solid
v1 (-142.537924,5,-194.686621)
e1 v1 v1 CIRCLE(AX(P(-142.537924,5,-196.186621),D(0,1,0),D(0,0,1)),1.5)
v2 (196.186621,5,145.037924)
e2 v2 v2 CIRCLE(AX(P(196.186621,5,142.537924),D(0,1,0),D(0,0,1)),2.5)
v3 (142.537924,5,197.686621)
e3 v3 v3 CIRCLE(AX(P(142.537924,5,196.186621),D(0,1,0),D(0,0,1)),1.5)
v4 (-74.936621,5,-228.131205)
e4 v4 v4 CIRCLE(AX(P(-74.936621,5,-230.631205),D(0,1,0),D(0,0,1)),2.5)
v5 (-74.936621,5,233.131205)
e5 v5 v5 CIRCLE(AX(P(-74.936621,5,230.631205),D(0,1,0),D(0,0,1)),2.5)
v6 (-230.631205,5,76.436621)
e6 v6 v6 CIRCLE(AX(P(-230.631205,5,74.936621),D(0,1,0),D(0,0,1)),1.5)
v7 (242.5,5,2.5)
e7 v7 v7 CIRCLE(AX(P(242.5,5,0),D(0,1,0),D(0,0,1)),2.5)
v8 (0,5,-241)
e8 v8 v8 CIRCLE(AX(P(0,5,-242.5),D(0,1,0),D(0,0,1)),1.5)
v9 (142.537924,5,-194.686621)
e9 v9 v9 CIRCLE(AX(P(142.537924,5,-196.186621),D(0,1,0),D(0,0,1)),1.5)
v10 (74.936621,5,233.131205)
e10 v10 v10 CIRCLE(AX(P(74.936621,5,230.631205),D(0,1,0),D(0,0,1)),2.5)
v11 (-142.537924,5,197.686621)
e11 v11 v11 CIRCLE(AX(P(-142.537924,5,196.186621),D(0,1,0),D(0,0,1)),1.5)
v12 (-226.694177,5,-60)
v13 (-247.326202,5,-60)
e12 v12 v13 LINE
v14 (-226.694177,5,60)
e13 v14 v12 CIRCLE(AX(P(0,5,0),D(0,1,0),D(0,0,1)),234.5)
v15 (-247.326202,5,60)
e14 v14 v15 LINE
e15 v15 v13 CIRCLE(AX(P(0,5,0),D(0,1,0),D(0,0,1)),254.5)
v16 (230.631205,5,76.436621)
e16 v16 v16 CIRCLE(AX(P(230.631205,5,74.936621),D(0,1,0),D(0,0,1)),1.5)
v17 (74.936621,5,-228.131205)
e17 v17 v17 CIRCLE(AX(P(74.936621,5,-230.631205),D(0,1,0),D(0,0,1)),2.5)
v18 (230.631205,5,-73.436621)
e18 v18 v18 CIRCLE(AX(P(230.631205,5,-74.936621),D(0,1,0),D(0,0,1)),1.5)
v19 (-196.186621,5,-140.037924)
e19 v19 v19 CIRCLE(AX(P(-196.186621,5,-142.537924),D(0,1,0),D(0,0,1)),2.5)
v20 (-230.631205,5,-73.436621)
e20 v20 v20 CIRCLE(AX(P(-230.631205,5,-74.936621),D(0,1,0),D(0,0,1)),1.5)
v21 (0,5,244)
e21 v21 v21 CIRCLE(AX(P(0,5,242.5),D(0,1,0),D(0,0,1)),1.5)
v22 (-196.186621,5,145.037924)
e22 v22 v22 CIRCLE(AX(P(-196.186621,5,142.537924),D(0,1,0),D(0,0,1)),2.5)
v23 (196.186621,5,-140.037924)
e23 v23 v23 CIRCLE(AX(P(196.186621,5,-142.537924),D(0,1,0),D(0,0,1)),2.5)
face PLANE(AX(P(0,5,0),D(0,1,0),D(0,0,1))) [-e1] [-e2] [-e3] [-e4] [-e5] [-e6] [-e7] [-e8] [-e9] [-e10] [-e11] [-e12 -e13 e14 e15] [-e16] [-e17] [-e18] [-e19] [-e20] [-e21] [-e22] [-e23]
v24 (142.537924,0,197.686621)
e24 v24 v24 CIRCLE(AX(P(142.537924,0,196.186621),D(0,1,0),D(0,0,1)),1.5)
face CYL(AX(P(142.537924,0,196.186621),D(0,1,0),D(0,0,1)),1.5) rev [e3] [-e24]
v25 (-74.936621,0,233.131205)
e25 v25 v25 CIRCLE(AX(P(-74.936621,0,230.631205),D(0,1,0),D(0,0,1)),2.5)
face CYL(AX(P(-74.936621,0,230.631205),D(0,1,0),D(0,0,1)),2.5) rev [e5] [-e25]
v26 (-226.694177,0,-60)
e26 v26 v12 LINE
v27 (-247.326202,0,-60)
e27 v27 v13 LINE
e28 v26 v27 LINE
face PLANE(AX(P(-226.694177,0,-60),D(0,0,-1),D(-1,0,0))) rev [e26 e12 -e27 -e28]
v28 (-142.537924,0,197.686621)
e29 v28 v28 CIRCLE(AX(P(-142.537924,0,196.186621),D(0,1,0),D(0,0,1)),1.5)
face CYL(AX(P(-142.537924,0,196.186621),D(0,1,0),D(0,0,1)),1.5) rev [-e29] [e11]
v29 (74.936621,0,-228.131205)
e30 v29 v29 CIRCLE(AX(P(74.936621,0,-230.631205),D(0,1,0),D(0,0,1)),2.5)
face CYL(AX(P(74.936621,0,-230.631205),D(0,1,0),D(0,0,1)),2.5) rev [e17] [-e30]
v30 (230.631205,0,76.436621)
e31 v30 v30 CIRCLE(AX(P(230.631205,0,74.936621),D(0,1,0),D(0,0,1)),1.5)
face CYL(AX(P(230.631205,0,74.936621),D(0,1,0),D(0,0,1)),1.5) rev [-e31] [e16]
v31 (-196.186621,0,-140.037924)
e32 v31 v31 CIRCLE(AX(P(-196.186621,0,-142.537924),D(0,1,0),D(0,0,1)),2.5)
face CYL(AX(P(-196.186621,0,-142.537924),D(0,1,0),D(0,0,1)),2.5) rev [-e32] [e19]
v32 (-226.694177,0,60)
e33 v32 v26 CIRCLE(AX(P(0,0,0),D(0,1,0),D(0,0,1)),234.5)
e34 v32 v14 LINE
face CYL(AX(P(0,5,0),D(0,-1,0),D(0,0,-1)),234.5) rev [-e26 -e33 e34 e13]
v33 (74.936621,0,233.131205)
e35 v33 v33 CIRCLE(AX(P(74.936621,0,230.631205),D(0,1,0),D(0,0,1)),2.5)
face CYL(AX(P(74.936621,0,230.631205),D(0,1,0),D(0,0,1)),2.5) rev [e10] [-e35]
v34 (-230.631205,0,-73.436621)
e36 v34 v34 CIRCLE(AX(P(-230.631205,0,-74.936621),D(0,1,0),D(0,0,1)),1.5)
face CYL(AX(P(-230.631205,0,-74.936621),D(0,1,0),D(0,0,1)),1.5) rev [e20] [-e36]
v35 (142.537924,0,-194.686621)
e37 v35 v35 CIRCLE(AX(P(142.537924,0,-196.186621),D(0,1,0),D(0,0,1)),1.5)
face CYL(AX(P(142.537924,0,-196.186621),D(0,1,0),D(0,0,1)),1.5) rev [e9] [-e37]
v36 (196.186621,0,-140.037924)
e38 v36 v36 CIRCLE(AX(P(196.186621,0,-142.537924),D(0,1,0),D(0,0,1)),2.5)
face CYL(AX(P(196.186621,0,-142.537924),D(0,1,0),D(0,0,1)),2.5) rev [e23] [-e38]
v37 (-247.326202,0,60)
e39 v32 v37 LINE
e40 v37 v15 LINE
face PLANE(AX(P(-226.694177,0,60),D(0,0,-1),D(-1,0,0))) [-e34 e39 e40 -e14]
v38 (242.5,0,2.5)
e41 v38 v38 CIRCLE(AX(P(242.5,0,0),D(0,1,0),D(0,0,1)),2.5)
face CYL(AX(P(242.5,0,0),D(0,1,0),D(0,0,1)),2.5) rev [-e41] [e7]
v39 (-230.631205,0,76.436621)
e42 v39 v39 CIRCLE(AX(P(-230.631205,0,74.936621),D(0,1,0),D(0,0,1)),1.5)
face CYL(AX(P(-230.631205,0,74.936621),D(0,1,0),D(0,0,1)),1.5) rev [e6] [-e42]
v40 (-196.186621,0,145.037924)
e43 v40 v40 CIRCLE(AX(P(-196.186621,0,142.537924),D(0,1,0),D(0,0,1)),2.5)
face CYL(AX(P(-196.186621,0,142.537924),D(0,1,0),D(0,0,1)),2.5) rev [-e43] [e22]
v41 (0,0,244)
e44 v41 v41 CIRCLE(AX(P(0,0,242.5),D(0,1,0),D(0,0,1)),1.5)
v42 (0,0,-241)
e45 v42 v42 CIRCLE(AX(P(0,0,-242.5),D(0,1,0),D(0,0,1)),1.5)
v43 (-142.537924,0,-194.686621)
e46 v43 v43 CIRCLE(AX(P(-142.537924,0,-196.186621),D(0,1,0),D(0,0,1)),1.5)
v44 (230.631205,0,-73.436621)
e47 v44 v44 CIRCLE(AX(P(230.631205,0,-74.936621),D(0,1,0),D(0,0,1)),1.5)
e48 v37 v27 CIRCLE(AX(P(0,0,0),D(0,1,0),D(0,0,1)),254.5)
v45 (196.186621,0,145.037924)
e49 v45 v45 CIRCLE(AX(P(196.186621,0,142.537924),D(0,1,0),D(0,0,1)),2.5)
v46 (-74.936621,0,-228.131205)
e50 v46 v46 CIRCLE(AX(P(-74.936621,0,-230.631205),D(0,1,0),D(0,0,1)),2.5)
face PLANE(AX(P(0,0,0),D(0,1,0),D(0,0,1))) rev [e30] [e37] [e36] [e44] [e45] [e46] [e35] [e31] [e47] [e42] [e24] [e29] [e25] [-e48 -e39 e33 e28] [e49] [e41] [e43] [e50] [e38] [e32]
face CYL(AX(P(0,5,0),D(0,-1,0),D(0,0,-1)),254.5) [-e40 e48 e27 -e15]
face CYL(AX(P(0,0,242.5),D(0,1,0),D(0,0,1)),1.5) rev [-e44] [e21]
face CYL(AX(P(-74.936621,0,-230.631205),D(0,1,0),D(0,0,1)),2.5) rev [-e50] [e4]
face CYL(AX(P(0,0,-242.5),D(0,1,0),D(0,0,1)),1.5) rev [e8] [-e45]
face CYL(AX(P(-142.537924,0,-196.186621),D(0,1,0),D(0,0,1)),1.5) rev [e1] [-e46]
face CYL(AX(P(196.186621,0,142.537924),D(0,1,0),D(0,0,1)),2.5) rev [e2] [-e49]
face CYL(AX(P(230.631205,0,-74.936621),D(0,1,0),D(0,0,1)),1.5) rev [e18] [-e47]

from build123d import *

# Parameters (mm, degrees)
SKETCH1_R           = 254.5
SKETCH1_R_2         = 234.5
BOSS_EXTRUDE1_DEPTH = 5
SKETCH2_W           = 27.805822748
SKETCH2_H           = 60
CUT_EXTRUDE1_DEPTH  = 5
SKETCH3_R           = 2.5
CUT_EXTRUDE2_DEPTH  = 5
SKETCH4_R           = 1.5
CUT_EXTRUDE3_DEPTH  = 5


with BuildPart() as part:
    # Sketch1 → Boss-Extrude1 (new body)
    with BuildSketch(Plane(origin=(0, 0, 0), x_dir=(1, 0, 0), z_dir=(0, 1, 0))):
        with Locations(Location((0, 0, 0), (0, 0, 270))):
            Circle(SKETCH1_R)
        with Locations(Location((0, 0, 0), (0, 0, 270))):
            Circle(SKETCH1_R_2, mode=Mode.SUBTRACT)
    extrude(amount=BOSS_EXTRUDE1_DEPTH)

    # Sketch2 → Cut-Extrude1 (cut)
    with BuildSketch(Plane(origin=(0, 5, 0), x_dir=(1, 0, 0), z_dir=(0, 1, 0))):
        with Locations((-240.597088626, 30)):
            Rectangle(SKETCH2_W, SKETCH2_H)
    cut_extrude1 = extrude(amount=-CUT_EXTRUDE1_DEPTH, mode=Mode.SUBTRACT)

    # Mirror1: Cut-Extrude1 across plane
    add(cut_extrude1.mirror(Plane.XY), mode=Mode.SUBTRACT)

    # Sketch3 → Cut-Extrude2 (cut)
    with BuildSketch(Plane(origin=(0, 5, 0), x_dir=(1, 0, 0), z_dir=(0, 1, 0))):
        with Locations(Location((242.5, 0, 0), (0, 0, 270))):
            Circle(SKETCH3_R)
        with Locations(Location((196.186621136, -142.537923681, 0), (0, 0, 270))):
            Circle(SKETCH3_R)
        with Locations(Location((74.936621136, -230.631205202, 0), (0, 0, 270))):
            Circle(SKETCH3_R)
        with Locations(Location((-74.936621136, -230.631205202, 0), (0, 0, 270))):
            Circle(SKETCH3_R)
        with Locations(Location((-196.186621136, -142.537923681, 0), (0, 0, 270))):
            Circle(SKETCH3_R)
        with Locations((-242.5, 0)):
            Circle(SKETCH3_R)
        with Locations(Location((-196.186621136, 142.537923681, 0), (0, 0, 270))):
            Circle(SKETCH3_R)
        with Locations(Location((-74.936621136, 230.631205202, 0), (0, 0, 270))):
            Circle(SKETCH3_R)
        with Locations(Location((74.936621136, 230.631205202, 0), (0, 0, 270))):
            Circle(SKETCH3_R)
        with Locations(Location((196.186621136, 142.537923681, 0), (0, 0, 270))):
            Circle(SKETCH3_R)
    extrude(amount=-CUT_EXTRUDE2_DEPTH, mode=Mode.SUBTRACT)

    # Sketch4 → Cut-Extrude3 (cut)
    with BuildSketch(Plane(origin=(0, 5, 0), x_dir=(1, 0, 0), z_dir=(0, 1, 0))):
        with Locations(Location((0, -242.5, 0), (0, 0, 270))):
            Circle(SKETCH4_R)
        with Locations(Location((-142.537923681, -196.186621136, 0), (0, 0, 270))):
            Circle(SKETCH4_R)
        with Locations(Location((-230.631205202, -74.936621136, 0), (0, 0, 270))):
            Circle(SKETCH4_R)
        with Locations(Location((-230.631205202, 74.936621136, 0), (0, 0, 270))):
            Circle(SKETCH4_R)
        with Locations(Location((-142.537923681, 196.186621136, 0), (0, 0, 270))):
            Circle(SKETCH4_R)
        with Locations(Location((0, 242.5, 0), (0, 0, 270))):
            Circle(SKETCH4_R)
        with Locations(Location((142.537923681, 196.186621136, 0), (0, 0, 270))):
            Circle(SKETCH4_R)
        with Locations(Location((230.631205202, 74.936621136, 0), (0, 0, 270))):
            Circle(SKETCH4_R)
        with Locations(Location((230.631205202, -74.936621136, 0), (0, 0, 270))):
            Circle(SKETCH4_R)
        with Locations(Location((142.537923681, -196.186621136, 0), (0, 0, 270))):
            Circle(SKETCH4_R)
    extrude(amount=-CUT_EXTRUDE3_DEPTH, mode=Mode.SUBTRACT)


solid = part.part
